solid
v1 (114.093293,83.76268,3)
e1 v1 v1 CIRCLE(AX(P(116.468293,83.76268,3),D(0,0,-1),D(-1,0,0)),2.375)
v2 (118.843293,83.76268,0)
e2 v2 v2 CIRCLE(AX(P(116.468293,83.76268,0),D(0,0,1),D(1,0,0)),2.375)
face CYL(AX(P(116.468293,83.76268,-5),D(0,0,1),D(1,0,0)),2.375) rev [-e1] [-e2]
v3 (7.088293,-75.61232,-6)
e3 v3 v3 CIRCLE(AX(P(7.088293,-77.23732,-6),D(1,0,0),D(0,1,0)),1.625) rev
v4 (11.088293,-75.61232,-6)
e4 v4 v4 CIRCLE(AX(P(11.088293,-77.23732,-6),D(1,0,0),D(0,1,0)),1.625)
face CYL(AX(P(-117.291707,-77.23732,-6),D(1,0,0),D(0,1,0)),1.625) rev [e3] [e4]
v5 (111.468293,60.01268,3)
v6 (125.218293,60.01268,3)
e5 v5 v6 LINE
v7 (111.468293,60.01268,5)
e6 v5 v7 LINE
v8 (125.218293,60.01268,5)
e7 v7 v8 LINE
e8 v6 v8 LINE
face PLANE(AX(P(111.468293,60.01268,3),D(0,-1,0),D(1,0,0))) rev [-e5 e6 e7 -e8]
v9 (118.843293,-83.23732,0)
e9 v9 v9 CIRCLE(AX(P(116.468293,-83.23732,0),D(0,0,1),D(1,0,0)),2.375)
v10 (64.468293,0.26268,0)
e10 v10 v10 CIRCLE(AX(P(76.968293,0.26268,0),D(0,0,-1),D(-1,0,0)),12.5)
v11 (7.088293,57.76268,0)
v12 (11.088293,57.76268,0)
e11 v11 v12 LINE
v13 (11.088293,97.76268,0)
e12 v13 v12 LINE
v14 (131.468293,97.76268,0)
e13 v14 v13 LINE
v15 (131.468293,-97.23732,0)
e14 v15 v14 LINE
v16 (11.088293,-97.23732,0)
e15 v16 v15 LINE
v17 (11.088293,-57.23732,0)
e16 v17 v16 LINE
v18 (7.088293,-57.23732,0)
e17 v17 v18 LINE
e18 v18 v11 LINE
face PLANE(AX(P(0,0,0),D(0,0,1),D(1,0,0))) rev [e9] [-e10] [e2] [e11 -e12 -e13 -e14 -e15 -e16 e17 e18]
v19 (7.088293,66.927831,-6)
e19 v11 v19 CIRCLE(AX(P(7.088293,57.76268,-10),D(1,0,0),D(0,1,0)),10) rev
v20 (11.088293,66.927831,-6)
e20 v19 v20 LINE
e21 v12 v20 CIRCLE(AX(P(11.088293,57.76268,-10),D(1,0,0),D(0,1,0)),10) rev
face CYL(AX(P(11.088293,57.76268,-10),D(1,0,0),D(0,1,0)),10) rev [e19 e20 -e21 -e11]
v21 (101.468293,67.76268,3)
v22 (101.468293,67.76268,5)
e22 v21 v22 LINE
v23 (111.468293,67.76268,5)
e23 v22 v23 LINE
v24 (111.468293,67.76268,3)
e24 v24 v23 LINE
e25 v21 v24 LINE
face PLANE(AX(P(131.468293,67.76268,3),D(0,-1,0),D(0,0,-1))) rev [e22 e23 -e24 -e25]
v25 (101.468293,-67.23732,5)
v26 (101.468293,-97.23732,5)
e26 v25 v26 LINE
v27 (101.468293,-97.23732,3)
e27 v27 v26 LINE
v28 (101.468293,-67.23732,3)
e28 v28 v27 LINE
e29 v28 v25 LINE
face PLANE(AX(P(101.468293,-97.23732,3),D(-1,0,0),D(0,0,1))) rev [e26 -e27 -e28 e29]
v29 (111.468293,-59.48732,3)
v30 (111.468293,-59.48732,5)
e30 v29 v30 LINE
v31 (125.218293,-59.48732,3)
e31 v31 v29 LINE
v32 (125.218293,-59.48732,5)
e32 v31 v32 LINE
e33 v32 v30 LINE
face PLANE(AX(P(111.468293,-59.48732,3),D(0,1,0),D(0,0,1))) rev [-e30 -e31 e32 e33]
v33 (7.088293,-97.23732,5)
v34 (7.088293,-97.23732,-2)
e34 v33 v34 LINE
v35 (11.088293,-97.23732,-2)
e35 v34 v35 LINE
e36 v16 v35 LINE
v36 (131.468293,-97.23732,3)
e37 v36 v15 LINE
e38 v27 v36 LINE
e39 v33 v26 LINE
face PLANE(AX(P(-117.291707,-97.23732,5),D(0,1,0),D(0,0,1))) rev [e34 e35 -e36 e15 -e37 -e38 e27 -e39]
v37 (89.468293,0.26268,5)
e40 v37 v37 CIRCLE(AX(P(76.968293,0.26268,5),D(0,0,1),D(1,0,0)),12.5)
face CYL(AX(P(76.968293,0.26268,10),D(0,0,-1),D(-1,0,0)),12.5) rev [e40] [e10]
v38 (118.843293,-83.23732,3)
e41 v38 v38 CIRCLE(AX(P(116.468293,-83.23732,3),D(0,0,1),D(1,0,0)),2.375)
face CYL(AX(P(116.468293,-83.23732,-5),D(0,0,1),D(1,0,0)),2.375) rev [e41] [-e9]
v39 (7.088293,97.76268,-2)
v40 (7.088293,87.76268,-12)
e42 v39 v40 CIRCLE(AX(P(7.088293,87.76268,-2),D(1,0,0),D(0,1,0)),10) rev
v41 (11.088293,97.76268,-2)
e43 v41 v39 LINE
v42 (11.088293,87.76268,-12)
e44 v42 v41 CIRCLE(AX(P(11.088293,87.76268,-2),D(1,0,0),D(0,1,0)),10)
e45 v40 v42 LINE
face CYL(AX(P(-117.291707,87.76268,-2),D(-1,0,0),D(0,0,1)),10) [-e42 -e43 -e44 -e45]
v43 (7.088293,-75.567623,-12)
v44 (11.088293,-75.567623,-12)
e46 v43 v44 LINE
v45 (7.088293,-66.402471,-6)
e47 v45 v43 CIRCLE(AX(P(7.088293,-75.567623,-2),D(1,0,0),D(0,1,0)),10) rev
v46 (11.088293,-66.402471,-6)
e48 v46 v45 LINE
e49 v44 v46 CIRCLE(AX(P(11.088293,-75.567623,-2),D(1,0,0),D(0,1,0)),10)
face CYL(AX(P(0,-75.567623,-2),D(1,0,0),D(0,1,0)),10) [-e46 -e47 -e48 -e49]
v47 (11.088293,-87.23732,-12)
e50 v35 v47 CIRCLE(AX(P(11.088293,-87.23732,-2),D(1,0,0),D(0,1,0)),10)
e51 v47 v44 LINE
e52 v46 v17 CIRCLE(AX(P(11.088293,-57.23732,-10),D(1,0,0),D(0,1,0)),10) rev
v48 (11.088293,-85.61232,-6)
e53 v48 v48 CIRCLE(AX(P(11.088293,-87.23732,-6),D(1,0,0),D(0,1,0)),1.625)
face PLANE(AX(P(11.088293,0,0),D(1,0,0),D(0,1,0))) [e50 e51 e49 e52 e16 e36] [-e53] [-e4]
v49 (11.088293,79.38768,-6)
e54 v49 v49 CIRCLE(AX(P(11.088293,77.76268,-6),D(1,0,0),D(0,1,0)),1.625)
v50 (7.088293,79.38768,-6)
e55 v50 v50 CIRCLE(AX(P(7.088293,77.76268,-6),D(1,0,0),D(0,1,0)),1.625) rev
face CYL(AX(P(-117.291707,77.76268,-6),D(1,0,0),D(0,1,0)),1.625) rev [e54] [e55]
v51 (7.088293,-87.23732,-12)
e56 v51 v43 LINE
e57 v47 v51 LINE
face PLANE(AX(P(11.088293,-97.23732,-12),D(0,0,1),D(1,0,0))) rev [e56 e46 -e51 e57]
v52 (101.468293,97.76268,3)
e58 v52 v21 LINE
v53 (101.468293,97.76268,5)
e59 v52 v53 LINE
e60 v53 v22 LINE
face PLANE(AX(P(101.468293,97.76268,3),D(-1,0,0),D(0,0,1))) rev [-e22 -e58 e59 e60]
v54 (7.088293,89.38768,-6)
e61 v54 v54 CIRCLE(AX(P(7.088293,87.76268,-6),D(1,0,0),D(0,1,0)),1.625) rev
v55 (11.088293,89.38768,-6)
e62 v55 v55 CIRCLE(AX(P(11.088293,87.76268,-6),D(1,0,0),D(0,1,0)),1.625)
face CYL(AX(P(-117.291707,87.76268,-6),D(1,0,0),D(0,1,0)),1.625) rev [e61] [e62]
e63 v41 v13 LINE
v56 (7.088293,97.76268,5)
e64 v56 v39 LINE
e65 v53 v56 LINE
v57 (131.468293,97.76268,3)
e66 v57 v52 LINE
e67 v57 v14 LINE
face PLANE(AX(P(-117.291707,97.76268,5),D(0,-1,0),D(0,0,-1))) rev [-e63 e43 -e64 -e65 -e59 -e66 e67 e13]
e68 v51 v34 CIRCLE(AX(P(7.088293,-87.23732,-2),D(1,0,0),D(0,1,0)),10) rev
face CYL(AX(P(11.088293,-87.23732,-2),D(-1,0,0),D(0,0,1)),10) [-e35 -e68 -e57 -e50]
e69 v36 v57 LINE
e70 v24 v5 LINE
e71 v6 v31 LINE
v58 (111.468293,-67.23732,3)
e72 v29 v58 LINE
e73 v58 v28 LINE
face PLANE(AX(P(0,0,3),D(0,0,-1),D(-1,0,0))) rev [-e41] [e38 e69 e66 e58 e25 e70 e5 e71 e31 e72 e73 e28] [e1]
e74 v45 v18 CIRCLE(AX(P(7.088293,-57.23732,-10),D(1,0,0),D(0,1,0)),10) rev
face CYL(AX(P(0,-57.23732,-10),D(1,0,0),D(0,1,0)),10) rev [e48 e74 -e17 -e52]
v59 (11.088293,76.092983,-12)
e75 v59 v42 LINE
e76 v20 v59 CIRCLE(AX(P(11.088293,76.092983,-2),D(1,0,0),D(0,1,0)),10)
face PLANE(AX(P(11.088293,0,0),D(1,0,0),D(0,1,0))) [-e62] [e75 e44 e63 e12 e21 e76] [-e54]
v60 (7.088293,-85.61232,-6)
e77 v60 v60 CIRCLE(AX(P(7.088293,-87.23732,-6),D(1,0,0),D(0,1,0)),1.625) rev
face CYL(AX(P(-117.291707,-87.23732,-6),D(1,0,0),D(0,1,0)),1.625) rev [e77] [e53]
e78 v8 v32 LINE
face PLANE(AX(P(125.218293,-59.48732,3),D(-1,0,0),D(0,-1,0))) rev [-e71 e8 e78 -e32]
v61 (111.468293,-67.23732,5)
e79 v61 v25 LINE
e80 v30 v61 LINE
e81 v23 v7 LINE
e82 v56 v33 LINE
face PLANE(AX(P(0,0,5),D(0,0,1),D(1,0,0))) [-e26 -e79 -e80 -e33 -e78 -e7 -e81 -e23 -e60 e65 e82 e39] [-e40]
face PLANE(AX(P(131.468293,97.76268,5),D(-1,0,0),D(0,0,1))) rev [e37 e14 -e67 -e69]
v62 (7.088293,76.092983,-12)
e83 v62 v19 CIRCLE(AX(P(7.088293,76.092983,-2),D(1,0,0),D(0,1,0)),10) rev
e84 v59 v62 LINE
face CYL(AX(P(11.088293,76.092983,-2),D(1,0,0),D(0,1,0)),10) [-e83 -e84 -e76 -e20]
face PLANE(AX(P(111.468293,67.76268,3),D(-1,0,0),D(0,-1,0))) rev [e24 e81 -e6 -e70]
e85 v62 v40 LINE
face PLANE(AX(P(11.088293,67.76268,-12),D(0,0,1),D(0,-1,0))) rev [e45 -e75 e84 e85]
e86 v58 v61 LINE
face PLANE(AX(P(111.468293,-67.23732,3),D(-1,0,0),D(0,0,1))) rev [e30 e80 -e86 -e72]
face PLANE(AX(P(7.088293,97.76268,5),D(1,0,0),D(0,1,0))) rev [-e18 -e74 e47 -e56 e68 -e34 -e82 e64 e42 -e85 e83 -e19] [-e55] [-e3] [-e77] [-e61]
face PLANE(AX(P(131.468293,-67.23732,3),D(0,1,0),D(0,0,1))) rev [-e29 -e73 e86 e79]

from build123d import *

# Parameters (mm, degrees)
CROQUIS1_W                  = 248.76
CROQUIS1_H                  = 195
SALIENTE_EXTRUIR1_DEPTH     = 5
CROQUIS2_W                  = 48
CROQUIS2_H                  = 30
CROQUIS2_W_2                = 30
CORTAR_EXTRUIR1_DEPTH       = 2
CROQUIS3_R                  = 2.375
CORTAR_EXTRUIR2_DEPTH       = 10
CROQUIS4_R                  = 40
SALIENTE_EXTRUIR2_DEPTH     = 206
CROQUIS5_R                  = 12.5
CORTAR_EXTRUIR3_DEPTH       = 10
CROQUIS12_W                 = 12
CROQUIS12_H                 = 30
SALIENTE_EXTRUIR3_DEPTH     = 4
REDONDEO1_R                 = 10
REDONDEO2_R                 = 10
REDONDEO3_R                 = 10
CORTAR_EXTRUIR5_DEPTH       = 262.677217236
CORTAR_EXTRUIR5_DEPTH_BACK  = 262.677217236
CROQUIS13_R                 = 1.625
CORTAR_EXTRUIR7_DEPTH       = 2
CROQUIS16_R                 = 1.75
CORTAR_EXTRUIR9_DEPTH       = 20
CORTAR_EXTRUIR16_DEPTH      = 264.206105047
CORTAR_EXTRUIR16_DEPTH_BACK = 264.206105047
CROQUIS14_W                 = 124.38
CROQUIS14_H                 = 195


with BuildPart() as part:
    # Croquis1 → Saliente-Extruir1 (new body)
    with BuildSketch(Plane.XY):
        with Locations((7.088293187, 0.26268)):
            Rectangle(CROQUIS1_W, CROQUIS1_H)
    extrude(amount=SALIENTE_EXTRUIR1_DEPTH)

    # Croquis2 → Cortar-Extruir1 (cut)
    with BuildSketch(Plane.XY.offset(5)):
        with Locations((-93.291706813, -82.23732)):
            Rectangle(CROQUIS2_W, CROQUIS2_H)
        with Locations((116.468293187, 82.76268)):
            Rectangle(CROQUIS2_W_2, CROQUIS2_H)
        with Locations((116.468293187, -82.23732)):
            Rectangle(CROQUIS2_W_2, CROQUIS2_H)
        with Locations((-93.291706813, 82.76268)):
            Rectangle(CROQUIS2_W, CROQUIS2_H)
    extrude(amount=-CORTAR_EXTRUIR1_DEPTH, mode=Mode.SUBTRACT)

    # Croquis3 → Cortar-Extruir2 (cut)
    with BuildSketch(Plane.XY.offset(5)):
        with Locations((-93.291706813, 83.76268)):
            Circle(CROQUIS3_R)
        with Locations((-93.291706813, -83.23732)):
            Circle(CROQUIS3_R)
        with Locations((116.468293187, 83.76268)):
            Circle(CROQUIS3_R)
        with Locations((116.468293187, -83.23732)):
            Circle(CROQUIS3_R)
    extrude(amount=-CORTAR_EXTRUIR2_DEPTH, mode=Mode.SUBTRACT)

    # Croquis4 → Saliente-Extruir2 (add)
    with BuildSketch(Plane(origin=(0, 0, 0), x_dir=(-1, 0, 0), z_dir=(0, 0, -1))):
        with Locations(Location((55.101706813, 0.26268, 0), (0, 0, 180))):
            Circle(CROQUIS4_R)
    extrude(amount=SALIENTE_EXTRUIR2_DEPTH)

    # Croquis5 → Cortar-Extruir3 (cut)
    with BuildSketch(Plane(origin=(0, 0, 0), x_dir=(-1, 0, 0), z_dir=(0, 0, -1))):
        with Locations((-76.968293187, 0.26268)):
            Circle(CROQUIS5_R)
    extrude(amount=-CORTAR_EXTRUIR3_DEPTH, mode=Mode.SUBTRACT)

    # Croquis12 → Saliente-Extruir3 (add, symmetric)
    with BuildSketch(Plane(origin=(7.088293187, 0, 0), x_dir=(0, 0, -1), z_dir=(1, 0, 0))):
        with Locations((6, 82.76268)):
            Rectangle(CROQUIS12_W, CROQUIS12_H)
        with Locations((6, -82.23732)):
            Rectangle(CROQUIS12_W, CROQUIS12_H)
    extrude(amount=SALIENTE_EXTRUIR3_DEPTH, both=True)

    # Redondeo1
    redondeo1_edges = [part.edges().sort_by_distance(p)[0] for p in [
        (7.088293187, 67.76268, 0),
        (7.088293187, -67.23732, 0),
    ]]
    fillet(redondeo1_edges, radius=REDONDEO1_R)

    # Redondeo2
    redondeo2_edges = [part.edges().sort_by_distance(p)[0] for p in [
        (7.088293187, 67.76268, -12),
        (7.088293187, -67.23732, -12),
    ]]
    fillet(redondeo2_edges, radius=REDONDEO2_R)

    # Redondeo3
    redondeo3_edges = [part.edges().sort_by_distance(p)[0] for p in [
        (7.088293187, 97.76268, -12),
        (7.088293187, -97.23732, -12),
    ]]
    fillet(redondeo3_edges, radius=REDONDEO3_R)

    # Croquis13 → Cortar-Extruir5 (cut, two sides: drawn at the far end of the back side and taken through both)
    with BuildSketch(Plane(origin=(11.088293187, 0, 0), x_dir=(0, 0, -1), z_dir=(1, 0, 0)).offset(-CORTAR_EXTRUIR5_DEPTH_BACK)):
        with Locations(Location((6, 87.76268, 0), (0, 0, 90))):
            Circle(CROQUIS13_R)
        with Locations(Location((6, 77.76268, 0), (0, 0, 90))):
            Circle(CROQUIS13_R)
        with Locations(Location((6, -77.23732, 0), (0, 0, 90))):
            Circle(CROQUIS13_R)
        with Locations(Location((6, -87.23732, 0), (0, 0, 90))):
            Circle(CROQUIS13_R)
    extrude(amount=CORTAR_EXTRUIR5_DEPTH + CORTAR_EXTRUIR5_DEPTH_BACK, mode=Mode.SUBTRACT)

    # Croquis15 → Cortar-Extruir7 (cut)
    with BuildSketch(Plane.XY.offset(5)):
        Polygon((111.468293187, 67.76268), (131.468293187, 67.76268), (131.468293187, -67.23732), (111.468293187, -67.23732), (111.468293187, -59.48732), (125.218293187, -59.48732), (125.218293187, 60.01268), (111.468293187, 60.01268), align=None)
    extrude(amount=-CORTAR_EXTRUIR7_DEPTH, mode=Mode.SUBTRACT)

    # Croquis16 → Cortar-Extruir9 (cut)
    with BuildSketch(Plane.XY.offset(5)):
        with Locations((-55.101706813, 20.26268)):
            Circle(CROQUIS16_R)
        with Locations((-35.101706813, 0.26268)):
            Circle(CROQUIS16_R)
        with Locations((-55.101706813, -19.73732)):
            Circle(CROQUIS16_R)
        with Locations((-75.101706813, 0.26268)):
            Circle(CROQUIS16_R)
    extrude(amount=-CORTAR_EXTRUIR9_DEPTH, mode=Mode.SUBTRACT)

    # Croquis14 → Cortar-Extruir16 (cut, two sides: drawn at the far end of the back side and taken through both)
    with BuildSketch(Plane(origin=(0, 0, 0), x_dir=(-1, 0, 0), z_dir=(0, 0, -1)).offset(-CORTAR_EXTRUIR16_DEPTH_BACK)):
        with Locations((55.101706813, 0.26268)):
            Rectangle(CROQUIS14_W, CROQUIS14_H)
    extrude(amount=CORTAR_EXTRUIR16_DEPTH + CORTAR_EXTRUIR16_DEPTH_BACK, mode=Mode.SUBTRACT)


solid = part.part
